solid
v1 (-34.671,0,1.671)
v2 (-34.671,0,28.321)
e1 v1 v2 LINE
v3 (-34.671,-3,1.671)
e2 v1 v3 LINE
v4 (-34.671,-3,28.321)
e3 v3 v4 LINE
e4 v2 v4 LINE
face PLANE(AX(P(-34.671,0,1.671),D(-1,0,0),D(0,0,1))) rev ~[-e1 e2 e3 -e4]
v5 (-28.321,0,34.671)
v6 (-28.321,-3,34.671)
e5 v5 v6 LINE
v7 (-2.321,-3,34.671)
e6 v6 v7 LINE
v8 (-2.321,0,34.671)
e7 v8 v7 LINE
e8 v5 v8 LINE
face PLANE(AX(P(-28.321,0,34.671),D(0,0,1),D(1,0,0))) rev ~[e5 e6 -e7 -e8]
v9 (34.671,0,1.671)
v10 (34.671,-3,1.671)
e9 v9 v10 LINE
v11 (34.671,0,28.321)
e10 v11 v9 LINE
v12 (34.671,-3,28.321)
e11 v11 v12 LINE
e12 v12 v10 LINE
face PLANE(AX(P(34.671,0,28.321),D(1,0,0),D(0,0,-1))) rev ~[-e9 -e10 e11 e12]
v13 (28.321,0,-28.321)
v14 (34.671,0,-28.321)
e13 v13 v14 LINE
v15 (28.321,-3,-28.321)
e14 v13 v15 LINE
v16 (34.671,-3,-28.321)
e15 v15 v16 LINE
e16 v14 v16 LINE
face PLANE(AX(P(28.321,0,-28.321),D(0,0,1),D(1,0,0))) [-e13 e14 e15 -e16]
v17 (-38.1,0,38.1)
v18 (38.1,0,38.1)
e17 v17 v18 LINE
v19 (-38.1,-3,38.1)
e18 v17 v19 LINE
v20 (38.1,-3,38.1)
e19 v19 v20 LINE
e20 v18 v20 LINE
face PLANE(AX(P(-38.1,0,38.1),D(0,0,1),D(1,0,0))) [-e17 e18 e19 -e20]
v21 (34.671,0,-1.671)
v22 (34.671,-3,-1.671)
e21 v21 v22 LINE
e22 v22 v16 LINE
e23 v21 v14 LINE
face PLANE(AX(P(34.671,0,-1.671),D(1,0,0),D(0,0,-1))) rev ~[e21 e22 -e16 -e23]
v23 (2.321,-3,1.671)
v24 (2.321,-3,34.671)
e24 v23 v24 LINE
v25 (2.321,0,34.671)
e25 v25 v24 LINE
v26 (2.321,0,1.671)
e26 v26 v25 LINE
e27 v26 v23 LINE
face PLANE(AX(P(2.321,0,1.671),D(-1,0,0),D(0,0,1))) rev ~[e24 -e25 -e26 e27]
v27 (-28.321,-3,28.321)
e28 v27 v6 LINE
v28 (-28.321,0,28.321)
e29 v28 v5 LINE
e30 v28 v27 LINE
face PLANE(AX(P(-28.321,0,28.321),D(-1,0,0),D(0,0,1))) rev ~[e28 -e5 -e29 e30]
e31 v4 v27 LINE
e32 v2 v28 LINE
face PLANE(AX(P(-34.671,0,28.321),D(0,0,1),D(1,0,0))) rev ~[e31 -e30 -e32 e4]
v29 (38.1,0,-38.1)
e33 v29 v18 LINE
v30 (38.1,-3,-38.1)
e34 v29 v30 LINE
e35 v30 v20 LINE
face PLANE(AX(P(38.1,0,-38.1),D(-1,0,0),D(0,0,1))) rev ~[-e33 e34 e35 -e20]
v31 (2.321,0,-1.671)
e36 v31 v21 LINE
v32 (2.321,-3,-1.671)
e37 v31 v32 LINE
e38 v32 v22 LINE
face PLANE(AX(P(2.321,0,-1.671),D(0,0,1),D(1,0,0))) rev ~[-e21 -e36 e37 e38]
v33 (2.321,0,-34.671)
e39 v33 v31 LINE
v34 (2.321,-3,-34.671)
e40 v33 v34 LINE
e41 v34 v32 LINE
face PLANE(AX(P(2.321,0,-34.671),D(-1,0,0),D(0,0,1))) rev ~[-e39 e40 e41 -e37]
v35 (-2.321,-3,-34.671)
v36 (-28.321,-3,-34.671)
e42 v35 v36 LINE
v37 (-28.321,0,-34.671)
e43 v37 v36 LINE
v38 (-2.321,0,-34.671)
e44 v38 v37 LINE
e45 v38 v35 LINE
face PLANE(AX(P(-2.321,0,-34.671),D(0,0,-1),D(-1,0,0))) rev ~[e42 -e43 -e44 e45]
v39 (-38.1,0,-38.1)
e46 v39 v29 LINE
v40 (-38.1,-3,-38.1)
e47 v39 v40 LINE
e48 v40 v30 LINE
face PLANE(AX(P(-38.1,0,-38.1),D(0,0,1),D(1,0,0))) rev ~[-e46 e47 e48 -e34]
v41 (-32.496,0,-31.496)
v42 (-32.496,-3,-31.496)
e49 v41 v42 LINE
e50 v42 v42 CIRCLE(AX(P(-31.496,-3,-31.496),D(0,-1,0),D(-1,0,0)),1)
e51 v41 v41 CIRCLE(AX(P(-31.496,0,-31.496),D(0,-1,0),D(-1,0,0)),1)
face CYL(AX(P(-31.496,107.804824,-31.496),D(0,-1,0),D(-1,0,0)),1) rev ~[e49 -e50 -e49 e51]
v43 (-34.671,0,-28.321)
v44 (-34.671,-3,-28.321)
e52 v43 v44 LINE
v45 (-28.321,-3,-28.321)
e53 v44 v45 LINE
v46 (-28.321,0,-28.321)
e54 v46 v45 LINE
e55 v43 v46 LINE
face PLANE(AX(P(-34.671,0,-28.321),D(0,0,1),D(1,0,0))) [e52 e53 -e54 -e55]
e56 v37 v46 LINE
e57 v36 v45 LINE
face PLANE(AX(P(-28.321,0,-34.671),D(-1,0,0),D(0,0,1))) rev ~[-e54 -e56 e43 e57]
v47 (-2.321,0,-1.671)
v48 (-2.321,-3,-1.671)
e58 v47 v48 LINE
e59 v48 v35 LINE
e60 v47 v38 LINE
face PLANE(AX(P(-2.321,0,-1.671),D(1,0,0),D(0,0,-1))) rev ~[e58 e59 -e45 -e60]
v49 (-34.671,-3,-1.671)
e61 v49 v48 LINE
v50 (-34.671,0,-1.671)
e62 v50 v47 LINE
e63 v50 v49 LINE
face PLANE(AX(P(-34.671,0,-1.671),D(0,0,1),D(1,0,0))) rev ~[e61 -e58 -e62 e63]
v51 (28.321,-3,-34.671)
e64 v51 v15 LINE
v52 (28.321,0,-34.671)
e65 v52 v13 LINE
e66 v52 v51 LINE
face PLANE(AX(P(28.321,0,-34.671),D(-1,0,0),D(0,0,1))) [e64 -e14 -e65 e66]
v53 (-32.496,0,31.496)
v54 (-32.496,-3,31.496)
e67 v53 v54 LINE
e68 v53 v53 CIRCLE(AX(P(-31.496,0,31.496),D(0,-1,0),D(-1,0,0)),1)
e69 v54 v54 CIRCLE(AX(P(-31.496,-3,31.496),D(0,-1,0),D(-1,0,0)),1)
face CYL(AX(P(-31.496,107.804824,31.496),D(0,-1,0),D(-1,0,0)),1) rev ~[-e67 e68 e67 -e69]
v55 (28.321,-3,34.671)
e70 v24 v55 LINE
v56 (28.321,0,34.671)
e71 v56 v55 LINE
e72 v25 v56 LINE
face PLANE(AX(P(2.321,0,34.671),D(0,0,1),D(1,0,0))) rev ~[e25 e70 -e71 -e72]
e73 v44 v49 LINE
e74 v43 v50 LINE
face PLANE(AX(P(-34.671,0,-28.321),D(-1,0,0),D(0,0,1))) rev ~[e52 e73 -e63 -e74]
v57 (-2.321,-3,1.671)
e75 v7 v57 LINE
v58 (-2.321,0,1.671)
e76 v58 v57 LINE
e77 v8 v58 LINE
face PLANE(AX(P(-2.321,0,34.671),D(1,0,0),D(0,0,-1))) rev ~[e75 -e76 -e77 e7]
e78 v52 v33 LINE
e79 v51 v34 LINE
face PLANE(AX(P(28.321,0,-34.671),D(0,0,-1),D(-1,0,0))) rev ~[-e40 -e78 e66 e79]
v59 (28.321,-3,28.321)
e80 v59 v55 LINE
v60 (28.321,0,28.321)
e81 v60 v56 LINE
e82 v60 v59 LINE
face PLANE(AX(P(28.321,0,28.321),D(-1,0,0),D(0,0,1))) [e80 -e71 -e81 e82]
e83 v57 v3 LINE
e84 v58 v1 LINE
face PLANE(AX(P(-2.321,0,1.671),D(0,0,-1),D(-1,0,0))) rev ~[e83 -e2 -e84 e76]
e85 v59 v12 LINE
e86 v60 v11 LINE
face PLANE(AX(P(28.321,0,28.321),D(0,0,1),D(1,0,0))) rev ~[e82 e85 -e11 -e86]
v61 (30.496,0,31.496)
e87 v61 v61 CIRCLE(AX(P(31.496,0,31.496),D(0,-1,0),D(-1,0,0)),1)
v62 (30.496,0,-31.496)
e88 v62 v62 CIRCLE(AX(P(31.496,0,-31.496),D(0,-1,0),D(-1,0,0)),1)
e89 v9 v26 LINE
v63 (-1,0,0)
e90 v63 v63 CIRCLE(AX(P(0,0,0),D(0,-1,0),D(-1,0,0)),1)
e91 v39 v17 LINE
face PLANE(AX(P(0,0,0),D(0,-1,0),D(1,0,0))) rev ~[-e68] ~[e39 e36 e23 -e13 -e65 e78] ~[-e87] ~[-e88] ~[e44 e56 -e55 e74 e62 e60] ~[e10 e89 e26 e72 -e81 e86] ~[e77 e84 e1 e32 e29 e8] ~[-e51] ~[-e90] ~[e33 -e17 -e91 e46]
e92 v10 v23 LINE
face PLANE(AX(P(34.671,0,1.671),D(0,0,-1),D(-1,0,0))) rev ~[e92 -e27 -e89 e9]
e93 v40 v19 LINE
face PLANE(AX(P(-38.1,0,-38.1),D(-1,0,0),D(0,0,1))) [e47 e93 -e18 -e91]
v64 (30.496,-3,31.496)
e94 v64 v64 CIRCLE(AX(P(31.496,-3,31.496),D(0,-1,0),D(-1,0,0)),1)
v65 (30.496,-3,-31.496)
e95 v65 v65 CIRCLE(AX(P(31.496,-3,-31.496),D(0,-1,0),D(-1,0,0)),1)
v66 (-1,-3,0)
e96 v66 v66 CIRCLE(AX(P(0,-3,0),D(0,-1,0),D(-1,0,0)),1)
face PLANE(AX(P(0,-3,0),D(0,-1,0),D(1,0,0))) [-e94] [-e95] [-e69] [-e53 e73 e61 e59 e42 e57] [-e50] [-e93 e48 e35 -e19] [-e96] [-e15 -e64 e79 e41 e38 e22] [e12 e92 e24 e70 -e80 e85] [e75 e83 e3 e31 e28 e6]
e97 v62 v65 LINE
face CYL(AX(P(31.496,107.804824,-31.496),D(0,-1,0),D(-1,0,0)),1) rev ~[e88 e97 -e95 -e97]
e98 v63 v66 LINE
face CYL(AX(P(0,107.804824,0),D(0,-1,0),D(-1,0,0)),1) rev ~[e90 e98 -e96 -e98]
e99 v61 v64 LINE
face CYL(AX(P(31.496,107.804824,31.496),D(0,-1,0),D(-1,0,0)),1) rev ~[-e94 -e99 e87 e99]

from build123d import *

# Parameters (mm, degrees)
F0_W     = 76.2
F0_H     = 76.2
F0_W_2   = 6.35
F0_H_2   = 6.35
F1_DEPTH = 3
F2_D     = 2


with BuildPart() as f1:
    # F0 (on Front) → F1 (new body)
    with BuildSketch(Plane.XZ):
        Rectangle(F0_W, F0_H)
        Polygon((-34.671, -34.671), (-34.671, -28.321), (-34.671, -1.671), (-28.321, -1.671), (-2.321, -1.671), (-2.321, -34.671), (-28.321, -34.671), align=None, mode=Mode.SUBTRACT)
        Polygon((34.671, -1.671), (34.671, -28.321), (34.671, -34.671), (28.321, -34.671), (2.321, -34.671), (2.321, -1.671), (28.321, -1.671), align=None, mode=Mode.SUBTRACT)
        Polygon((-34.671, 34.671), (-28.321, 34.671), (-2.321, 34.671), (-2.321, 1.671), (-28.321, 1.671), (-34.671, 1.671), (-34.671, 28.321), align=None, mode=Mode.SUBTRACT)
        Polygon((28.321, 34.671), (34.671, 34.671), (34.671, 28.321), (34.671, 1.671), (28.321, 1.671), (2.321, 1.671), (2.321, 34.671), align=None, mode=Mode.SUBTRACT)
        with Locations((-31.496, 31.496)):
            Rectangle(F0_W_2, F0_H_2)
        with Locations((31.496, 31.496)):
            Rectangle(F0_W_2, F0_H_2)
        with Locations((-31.496, -31.496)):
            Rectangle(F0_W_2, F0_H_2)
        with Locations((31.496, -31.496)):
            Rectangle(F0_W_2, F0_H_2)
    extrude(amount=F1_DEPTH)

    # F2 (through all)
    with Locations(Plane(origin=(0, 0, 0), x_dir=(1, 0, 0), z_dir=(0, 1, 0))):
        with Locations((-31.496, 31.496), (31.496, 31.496), (0, 0), (-31.496, -31.496), (31.496, -31.496)):
            Hole(F2_D / 2)


solid = f1.part
